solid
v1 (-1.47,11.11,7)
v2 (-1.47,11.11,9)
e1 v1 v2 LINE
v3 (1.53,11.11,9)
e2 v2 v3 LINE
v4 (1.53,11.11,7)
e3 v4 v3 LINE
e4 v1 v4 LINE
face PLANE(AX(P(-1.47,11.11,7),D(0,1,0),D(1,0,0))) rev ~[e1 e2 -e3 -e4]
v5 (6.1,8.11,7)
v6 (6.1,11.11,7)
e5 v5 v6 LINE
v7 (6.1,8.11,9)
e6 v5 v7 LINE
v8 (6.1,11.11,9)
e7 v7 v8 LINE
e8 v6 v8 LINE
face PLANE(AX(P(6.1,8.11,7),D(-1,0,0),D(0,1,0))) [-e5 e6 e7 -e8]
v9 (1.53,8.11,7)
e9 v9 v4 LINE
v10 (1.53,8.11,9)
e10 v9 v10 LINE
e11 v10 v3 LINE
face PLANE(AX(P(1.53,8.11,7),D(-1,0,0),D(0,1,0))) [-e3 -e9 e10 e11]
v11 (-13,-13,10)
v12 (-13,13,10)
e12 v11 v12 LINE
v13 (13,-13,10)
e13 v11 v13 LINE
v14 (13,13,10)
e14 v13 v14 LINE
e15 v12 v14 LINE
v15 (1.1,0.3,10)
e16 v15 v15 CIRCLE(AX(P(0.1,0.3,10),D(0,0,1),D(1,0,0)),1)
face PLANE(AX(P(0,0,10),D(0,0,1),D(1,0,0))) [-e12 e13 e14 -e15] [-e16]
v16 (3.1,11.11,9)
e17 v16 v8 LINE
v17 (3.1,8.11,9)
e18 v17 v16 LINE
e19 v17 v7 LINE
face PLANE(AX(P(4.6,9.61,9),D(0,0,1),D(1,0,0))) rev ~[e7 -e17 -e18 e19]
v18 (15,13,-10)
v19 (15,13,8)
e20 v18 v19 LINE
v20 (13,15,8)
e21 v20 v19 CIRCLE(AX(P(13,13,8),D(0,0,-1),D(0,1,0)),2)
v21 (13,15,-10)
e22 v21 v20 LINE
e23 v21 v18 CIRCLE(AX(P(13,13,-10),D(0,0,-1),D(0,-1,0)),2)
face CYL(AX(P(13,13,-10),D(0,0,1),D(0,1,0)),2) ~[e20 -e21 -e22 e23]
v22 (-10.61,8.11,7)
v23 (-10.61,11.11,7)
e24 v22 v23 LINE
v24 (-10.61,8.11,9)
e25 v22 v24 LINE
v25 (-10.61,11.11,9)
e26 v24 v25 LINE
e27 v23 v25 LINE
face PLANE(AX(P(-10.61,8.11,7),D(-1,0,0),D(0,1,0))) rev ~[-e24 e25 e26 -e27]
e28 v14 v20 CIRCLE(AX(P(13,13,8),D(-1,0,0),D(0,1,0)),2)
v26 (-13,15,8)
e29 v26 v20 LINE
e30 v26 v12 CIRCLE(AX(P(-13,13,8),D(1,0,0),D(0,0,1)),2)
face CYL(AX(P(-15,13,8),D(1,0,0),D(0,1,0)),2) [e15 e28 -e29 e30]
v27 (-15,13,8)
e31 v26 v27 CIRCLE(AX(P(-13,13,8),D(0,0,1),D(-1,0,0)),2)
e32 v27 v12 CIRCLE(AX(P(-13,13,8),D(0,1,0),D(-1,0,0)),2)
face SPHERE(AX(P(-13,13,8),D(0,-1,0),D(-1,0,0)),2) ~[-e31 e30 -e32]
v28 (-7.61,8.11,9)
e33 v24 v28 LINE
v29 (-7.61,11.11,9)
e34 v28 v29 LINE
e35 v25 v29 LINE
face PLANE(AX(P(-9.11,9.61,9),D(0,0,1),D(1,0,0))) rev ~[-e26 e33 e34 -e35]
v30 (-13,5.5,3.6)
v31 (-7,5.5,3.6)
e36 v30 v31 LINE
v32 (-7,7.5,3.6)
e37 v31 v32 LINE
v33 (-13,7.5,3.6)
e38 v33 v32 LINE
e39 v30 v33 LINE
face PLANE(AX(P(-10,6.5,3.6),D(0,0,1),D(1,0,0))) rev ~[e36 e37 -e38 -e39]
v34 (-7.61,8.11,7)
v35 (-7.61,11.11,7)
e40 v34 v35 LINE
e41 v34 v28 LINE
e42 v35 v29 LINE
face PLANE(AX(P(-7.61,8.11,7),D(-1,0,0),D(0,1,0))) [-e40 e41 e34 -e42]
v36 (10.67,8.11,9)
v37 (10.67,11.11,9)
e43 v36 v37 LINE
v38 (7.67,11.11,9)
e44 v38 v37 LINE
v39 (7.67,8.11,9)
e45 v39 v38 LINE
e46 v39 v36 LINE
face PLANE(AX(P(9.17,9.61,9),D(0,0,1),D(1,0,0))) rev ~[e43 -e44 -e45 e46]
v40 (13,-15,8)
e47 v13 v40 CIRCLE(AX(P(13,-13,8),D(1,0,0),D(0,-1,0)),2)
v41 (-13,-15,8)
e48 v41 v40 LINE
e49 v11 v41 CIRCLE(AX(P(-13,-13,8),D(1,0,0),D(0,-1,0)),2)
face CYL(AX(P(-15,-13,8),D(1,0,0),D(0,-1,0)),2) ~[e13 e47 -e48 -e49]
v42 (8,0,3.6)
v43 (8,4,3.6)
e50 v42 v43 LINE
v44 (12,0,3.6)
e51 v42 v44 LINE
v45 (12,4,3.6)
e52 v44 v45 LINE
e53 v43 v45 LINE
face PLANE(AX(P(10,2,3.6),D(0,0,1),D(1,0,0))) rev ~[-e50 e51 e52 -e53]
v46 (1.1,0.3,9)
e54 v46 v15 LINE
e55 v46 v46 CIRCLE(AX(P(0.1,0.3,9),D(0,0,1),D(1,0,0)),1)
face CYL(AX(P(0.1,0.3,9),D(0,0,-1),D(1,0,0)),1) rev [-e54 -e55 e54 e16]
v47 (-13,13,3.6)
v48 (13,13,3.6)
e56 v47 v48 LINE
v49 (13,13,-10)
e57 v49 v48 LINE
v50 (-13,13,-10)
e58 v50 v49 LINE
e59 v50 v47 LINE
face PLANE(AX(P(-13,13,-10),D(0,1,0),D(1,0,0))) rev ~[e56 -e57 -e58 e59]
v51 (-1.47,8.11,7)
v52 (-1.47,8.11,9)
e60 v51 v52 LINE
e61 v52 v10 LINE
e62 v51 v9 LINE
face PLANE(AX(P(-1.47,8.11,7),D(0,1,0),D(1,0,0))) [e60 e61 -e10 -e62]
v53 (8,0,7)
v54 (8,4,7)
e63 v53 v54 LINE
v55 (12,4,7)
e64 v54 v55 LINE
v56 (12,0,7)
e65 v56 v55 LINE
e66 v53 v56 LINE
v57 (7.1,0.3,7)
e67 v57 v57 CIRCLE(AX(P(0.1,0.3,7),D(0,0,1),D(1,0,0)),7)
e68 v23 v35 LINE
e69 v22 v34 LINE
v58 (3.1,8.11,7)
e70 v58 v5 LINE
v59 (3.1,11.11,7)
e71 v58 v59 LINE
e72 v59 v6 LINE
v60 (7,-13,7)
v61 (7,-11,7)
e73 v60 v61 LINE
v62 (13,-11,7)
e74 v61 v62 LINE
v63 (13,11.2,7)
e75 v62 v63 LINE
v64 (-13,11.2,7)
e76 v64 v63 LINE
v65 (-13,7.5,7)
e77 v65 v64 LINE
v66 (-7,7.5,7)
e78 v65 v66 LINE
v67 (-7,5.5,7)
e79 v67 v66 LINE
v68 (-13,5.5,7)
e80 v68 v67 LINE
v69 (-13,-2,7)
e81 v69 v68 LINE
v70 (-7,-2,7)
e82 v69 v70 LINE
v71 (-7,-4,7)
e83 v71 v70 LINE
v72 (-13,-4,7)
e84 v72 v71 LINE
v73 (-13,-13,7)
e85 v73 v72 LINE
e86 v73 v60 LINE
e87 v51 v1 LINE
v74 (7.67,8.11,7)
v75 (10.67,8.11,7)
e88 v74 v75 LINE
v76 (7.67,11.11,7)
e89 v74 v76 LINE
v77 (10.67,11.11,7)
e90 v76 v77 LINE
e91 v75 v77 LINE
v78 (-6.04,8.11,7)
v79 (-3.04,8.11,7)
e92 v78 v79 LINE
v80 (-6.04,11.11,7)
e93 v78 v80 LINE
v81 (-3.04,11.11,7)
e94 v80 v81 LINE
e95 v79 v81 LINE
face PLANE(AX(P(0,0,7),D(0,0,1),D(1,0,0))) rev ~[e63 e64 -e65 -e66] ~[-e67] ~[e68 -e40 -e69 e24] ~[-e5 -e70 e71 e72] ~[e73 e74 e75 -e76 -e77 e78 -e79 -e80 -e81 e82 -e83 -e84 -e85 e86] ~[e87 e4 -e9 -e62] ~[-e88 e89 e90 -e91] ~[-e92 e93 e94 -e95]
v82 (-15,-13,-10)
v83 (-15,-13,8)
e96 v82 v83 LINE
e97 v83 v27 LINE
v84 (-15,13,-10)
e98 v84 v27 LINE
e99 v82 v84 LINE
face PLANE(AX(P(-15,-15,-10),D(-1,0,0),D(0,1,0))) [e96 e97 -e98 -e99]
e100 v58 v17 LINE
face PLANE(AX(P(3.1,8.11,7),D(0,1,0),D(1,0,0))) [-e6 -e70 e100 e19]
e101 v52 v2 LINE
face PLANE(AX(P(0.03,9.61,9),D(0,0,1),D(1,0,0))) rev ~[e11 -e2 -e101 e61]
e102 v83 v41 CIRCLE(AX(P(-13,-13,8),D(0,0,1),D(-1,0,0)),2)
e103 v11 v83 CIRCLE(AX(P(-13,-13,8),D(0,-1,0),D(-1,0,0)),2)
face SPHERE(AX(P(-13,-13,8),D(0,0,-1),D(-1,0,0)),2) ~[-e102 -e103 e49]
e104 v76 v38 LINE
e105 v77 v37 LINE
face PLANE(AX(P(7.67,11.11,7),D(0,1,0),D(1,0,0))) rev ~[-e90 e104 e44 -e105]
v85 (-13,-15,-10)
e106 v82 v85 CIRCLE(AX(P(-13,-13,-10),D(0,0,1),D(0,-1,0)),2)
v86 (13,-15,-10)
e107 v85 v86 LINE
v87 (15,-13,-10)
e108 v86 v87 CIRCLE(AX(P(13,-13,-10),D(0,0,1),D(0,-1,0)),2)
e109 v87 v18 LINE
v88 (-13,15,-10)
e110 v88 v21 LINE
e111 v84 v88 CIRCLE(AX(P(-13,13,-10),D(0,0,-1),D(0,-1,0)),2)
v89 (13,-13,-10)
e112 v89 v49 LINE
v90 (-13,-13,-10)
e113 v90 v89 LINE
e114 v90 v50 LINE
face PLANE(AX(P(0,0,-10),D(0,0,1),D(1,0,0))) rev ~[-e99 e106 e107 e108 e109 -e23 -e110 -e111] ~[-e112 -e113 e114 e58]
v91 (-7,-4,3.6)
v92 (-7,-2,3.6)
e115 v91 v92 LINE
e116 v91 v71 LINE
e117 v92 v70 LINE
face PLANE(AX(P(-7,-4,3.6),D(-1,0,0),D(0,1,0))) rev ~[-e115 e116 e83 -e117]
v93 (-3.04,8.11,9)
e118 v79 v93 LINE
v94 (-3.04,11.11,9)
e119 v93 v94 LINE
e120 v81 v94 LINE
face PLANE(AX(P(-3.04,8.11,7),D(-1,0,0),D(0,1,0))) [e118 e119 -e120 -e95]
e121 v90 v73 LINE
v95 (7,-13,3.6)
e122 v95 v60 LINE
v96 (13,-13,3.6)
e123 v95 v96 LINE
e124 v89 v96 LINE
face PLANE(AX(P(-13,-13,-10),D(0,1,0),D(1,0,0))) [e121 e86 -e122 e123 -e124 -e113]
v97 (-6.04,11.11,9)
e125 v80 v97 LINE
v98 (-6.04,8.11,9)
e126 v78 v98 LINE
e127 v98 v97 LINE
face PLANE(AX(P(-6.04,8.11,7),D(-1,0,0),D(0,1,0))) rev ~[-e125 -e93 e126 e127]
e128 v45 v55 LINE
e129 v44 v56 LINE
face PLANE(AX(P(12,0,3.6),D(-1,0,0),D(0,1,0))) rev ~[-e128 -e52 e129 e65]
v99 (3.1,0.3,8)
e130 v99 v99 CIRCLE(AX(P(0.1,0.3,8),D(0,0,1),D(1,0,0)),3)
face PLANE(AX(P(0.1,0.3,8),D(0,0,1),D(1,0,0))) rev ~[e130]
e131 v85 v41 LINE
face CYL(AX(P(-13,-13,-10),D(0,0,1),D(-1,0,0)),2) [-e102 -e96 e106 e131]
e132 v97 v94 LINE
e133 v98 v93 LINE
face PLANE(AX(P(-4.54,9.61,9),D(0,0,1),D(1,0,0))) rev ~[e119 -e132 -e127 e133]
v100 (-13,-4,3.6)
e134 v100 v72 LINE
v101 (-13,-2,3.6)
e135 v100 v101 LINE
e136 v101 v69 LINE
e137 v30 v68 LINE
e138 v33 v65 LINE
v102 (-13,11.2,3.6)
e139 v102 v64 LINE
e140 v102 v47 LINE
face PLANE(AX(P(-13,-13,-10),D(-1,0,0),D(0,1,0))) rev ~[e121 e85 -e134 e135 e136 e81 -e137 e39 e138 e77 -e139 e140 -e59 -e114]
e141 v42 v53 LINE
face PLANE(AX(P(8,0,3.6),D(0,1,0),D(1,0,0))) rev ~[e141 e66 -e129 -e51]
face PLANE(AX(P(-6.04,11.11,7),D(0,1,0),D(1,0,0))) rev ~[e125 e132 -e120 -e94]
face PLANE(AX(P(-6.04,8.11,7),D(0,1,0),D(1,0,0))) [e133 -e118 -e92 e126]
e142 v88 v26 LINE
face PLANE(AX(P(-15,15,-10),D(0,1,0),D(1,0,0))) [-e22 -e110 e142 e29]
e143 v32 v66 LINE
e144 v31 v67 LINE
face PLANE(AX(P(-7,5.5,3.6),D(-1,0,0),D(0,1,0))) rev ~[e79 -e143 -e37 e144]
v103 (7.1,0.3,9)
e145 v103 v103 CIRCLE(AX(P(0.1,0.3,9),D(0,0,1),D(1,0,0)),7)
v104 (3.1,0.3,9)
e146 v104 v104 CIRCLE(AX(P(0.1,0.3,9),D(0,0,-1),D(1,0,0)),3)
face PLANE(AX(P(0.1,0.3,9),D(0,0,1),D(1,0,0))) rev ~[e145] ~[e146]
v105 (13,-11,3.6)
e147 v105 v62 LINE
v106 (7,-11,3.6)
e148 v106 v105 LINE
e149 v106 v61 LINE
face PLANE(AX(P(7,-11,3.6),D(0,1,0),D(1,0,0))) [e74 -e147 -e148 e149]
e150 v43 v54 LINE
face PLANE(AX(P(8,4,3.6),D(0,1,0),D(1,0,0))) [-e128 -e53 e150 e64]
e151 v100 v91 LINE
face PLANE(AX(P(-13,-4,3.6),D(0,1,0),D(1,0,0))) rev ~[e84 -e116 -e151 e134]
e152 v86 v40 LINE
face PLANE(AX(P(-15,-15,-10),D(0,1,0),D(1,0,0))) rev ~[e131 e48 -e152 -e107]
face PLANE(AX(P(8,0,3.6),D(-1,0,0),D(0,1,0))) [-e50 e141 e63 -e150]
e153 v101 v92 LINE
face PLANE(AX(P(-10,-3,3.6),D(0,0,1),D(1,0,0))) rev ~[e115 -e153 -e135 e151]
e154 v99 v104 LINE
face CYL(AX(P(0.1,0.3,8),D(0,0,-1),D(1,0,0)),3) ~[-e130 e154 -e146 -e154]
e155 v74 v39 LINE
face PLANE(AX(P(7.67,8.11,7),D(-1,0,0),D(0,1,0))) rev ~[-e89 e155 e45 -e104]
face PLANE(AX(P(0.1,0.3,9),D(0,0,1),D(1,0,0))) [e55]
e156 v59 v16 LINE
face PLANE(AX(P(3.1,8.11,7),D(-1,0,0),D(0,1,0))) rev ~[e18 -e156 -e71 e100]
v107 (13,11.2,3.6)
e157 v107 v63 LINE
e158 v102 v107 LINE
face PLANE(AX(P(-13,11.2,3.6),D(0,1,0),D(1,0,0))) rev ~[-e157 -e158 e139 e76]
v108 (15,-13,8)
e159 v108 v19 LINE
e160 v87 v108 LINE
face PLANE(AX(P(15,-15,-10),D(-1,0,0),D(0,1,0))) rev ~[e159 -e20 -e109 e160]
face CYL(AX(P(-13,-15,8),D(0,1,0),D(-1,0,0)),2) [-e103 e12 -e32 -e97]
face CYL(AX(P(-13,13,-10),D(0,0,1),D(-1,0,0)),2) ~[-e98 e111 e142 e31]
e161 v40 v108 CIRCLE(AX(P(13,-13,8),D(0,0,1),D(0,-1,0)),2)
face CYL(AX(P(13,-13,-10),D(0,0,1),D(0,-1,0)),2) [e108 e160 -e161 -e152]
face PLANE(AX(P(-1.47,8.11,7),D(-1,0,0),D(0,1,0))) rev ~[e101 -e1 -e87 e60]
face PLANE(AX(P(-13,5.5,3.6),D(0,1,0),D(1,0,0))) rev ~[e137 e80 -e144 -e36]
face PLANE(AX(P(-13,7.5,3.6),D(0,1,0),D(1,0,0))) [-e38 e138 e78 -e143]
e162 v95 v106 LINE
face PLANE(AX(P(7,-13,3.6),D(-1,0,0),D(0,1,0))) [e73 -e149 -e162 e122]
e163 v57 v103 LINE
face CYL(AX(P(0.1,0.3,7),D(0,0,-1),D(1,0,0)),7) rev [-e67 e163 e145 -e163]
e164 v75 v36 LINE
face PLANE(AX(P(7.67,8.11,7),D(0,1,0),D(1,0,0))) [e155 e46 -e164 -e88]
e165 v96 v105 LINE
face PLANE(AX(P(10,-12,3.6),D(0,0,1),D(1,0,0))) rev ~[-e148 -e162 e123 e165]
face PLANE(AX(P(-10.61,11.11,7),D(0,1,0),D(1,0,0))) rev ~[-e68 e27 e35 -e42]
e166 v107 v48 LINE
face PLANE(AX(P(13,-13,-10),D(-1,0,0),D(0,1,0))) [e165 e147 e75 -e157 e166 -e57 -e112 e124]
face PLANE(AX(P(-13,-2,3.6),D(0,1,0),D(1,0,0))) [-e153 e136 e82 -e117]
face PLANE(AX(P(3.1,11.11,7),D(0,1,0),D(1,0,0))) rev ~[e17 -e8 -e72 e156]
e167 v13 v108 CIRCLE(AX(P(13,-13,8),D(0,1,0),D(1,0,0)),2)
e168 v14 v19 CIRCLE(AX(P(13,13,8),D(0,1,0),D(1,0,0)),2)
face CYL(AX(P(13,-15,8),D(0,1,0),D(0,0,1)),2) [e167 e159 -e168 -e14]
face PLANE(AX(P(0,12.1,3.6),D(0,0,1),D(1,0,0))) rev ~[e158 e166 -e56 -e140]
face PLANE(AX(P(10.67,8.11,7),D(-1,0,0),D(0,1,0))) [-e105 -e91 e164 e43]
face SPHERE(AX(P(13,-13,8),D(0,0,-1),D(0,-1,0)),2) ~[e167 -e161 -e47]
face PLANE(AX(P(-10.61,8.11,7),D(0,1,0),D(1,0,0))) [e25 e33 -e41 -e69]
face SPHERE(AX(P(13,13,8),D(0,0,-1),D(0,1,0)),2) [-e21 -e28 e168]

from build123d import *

# Parameters (mm, degrees)
CYLINDER002_R     = 1
CYLINDER002_DEPTH = 1
BOX006_W          = 3
BOX006_H          = 3
BOX006_DEPTH      = 2
BOX005_W          = 3
BOX005_H          = 3
BOX005_DEPTH      = 2
BOX003_W          = 3
BOX003_H          = 3
BOX003_DEPTH      = 2
BOX004_W          = 3
BOX004_H          = 3
BOX004_DEPTH      = 2
BOX002_W          = 3
BOX002_H          = 3
BOX002_DEPTH      = 2
CYLINDER_R        = 7
CYLINDER_DEPTH    = 2
BOX_W             = 26
BOX_H             = 26
BOX_DEPTH         = 17
BOX001_W          = 30
BOX001_H          = 30
BOX001_DEPTH      = 20
CYLINDER001_R     = 3
CYLINDER001_DEPTH = 2
BOX010_W          = 6
BOX010_H          = 2
BOX010_DEPTH      = 3.4
BOX008_W          = 4
BOX008_H          = 4
BOX008_DEPTH      = 3.4
BOX007_W          = 26
BOX007_H          = 1.8
BOX007_DEPTH      = 3.4
BOX009_W          = 6
BOX009_H          = 2
BOX009_DEPTH      = 3.4
BOX011_W          = 6
BOX011_H          = 2
BOX011_DEPTH      = 3.4
FILLET_R          = 2


with BuildPart() as buttouch001:
    # Cylinder002 → Cylinder002 (new body)
    with BuildSketch(Plane(origin=(0.1, 0.3, 9), x_dir=(1, 0, 0), z_dir=(0, 0, 1))):
        Circle(CYLINDER002_R)
    extrude(amount=CYLINDER002_DEPTH)


with BuildPart() as l5:
    # Box006 → Box006 (new body)
    with BuildSketch(Plane(origin=(7.67, 8.11, 7), x_dir=(1, 0, 0), z_dir=(0, 0, 1))):
        with Locations((1.5, 1.5)):
            Rectangle(BOX006_W, BOX006_H)
    extrude(amount=BOX006_DEPTH)


with BuildPart() as l4:
    # Box005 → Box005 (new body)
    with BuildSketch(Plane(origin=(3.1, 8.11, 7), x_dir=(1, 0, 0), z_dir=(0, 0, 1))):
        with Locations((1.5, 1.5)):
            Rectangle(BOX005_W, BOX005_H)
    extrude(amount=BOX005_DEPTH)


with BuildPart() as l2:
    # Box003 → Box003 (new body)
    with BuildSketch(Plane(origin=(-6.04, 8.11, 7), x_dir=(1, 0, 0), z_dir=(0, 0, 1))):
        with Locations((1.5, 1.5)):
            Rectangle(BOX003_W, BOX003_H)
    extrude(amount=BOX003_DEPTH)


with BuildPart() as l3:
    # Box004 → Box004 (new body)
    with BuildSketch(Plane(origin=(-1.47, 8.11, 7), x_dir=(1, 0, 0), z_dir=(0, 0, 1))):
        with Locations((1.5, 1.5)):
            Rectangle(BOX004_W, BOX004_H)
    extrude(amount=BOX004_DEPTH)


with BuildPart() as fusion:
    # Box002 → Box002 (new body)
    with BuildSketch(Plane(origin=(-10.61, 8.11, 7), x_dir=(1, 0, 0), z_dir=(0, 0, 1))):
        with Locations((1.5, 1.5)):
            Rectangle(BOX002_W, BOX002_H)
    extrude(amount=BOX002_DEPTH)

    # Fusion: union L5, L4, L2, L3
    add(l5.part)
    add(l4.part)
    add(l2.part)
    add(l3.part)


with BuildPart() as but:
    # Cylinder → Cylinder (new body)
    with BuildSketch(Plane(origin=(0.1, 0.3, 7), x_dir=(1, 0, 0), z_dir=(0, 0, 1))):
        Circle(CYLINDER_R)
    extrude(amount=CYLINDER_DEPTH)


with BuildPart() as maininside:
    # Box → Box (new body)
    with BuildSketch(Plane(origin=(-13, -13, -10), x_dir=(1, 0, 0), z_dir=(0, 0, 1))):
        with Locations((13, 13)):
            Rectangle(BOX_W, BOX_H)
    extrude(amount=BOX_DEPTH)


with BuildPart() as cut002:
    # Box001 → Box001 (new body)
    with BuildSketch(Plane(origin=(-15, -15, -10), x_dir=(1, 0, 0), z_dir=(0, 0, 1))):
        with Locations((15, 15)):
            Rectangle(BOX001_W, BOX001_H)
    extrude(amount=BOX001_DEPTH)

    # Cut: cut MainInside
    add(maininside.part, mode=Mode.SUBTRACT)

    # Cut001: cut But
    add(but.part, mode=Mode.SUBTRACT)

    # Cut002: cut Fusion
    add(fusion.part, mode=Mode.SUBTRACT)


with BuildPart() as cut003:
    # Cylinder001 → Cylinder001 (new body)
    with BuildSketch(Plane(origin=(0.1, 0.3, 8), x_dir=(1, 0, 0), z_dir=(0, 0, 1))):
        Circle(CYLINDER001_R)
    extrude(amount=CYLINDER001_DEPTH)

    # Fusion001: union Cut002
    add(cut002.part)

    # Cut003: cut ButTouch001
    add(buttouch001.part, mode=Mode.SUBTRACT)


with BuildPart() as cubedestek4:
    # Box010 → Box010 (new body)
    with BuildSketch(Plane(origin=(-13, 5.5, 3.6), x_dir=(1, 0, 0), z_dir=(0, 0, 1))):
        with Locations((3, 1)):
            Rectangle(BOX010_W, BOX010_H)
    extrude(amount=BOX010_DEPTH)


with BuildPart() as cubedestek2:
    # Box008 → Box008 (new body)
    with BuildSketch(Plane(origin=(8, 0, 3.6), x_dir=(1, 0, 0), z_dir=(0, 0, 1))):
        with Locations((2, 2)):
            Rectangle(BOX008_W, BOX008_H)
    extrude(amount=BOX008_DEPTH)


with BuildPart() as cubedestek:
    # Box007 → Box007 (new body)
    with BuildSketch(Plane(origin=(-13, 11.2, 3.6), x_dir=(1, 0, 0), z_dir=(0, 0, 1))):
        with Locations((13, 0.9)):
            Rectangle(BOX007_W, BOX007_H)
    extrude(amount=BOX007_DEPTH)


with BuildPart() as cubedestek3:
    # Box009 → Box009 (new body)
    with BuildSketch(Plane(origin=(-13, -4, 3.6), x_dir=(1, 0, 0), z_dir=(0, 0, 1))):
        with Locations((3, 1)):
            Rectangle(BOX009_W, BOX009_H)
    extrude(amount=BOX009_DEPTH)


with BuildPart() as fillet_body:
    # Box011 → Box011 (new body)
    with BuildSketch(Plane(origin=(7, -13, 3.6), x_dir=(1, 0, 0), z_dir=(0, 0, 1))):
        with Locations((3, 1)):
            Rectangle(BOX011_W, BOX011_H)
    extrude(amount=BOX011_DEPTH)

    # Fusion002: union CubeDestek4, CubeDestek2, CubeDestek, CubeDestek3
    add(cubedestek4.part)
    add(cubedestek2.part)
    add(cubedestek.part)
    add(cubedestek3.part)

    # Fusion003: union Cut003
    add(cut003.part)

    # Fillet
    fillet_edges = [fillet_body.edges().sort_by_distance(p)[0] for p in [
        (-15, -15, 0),
        (-15, 0, 10),
        (-15, 15, 0),
        (15, 15, 0),
        (0, 15, 10),
        (15, -15, 0),
        (0, -15, 10),
        (15, 0, 10),
    ]]
    fillet(fillet_edges, radius=FILLET_R)


solid = fillet_body.part
